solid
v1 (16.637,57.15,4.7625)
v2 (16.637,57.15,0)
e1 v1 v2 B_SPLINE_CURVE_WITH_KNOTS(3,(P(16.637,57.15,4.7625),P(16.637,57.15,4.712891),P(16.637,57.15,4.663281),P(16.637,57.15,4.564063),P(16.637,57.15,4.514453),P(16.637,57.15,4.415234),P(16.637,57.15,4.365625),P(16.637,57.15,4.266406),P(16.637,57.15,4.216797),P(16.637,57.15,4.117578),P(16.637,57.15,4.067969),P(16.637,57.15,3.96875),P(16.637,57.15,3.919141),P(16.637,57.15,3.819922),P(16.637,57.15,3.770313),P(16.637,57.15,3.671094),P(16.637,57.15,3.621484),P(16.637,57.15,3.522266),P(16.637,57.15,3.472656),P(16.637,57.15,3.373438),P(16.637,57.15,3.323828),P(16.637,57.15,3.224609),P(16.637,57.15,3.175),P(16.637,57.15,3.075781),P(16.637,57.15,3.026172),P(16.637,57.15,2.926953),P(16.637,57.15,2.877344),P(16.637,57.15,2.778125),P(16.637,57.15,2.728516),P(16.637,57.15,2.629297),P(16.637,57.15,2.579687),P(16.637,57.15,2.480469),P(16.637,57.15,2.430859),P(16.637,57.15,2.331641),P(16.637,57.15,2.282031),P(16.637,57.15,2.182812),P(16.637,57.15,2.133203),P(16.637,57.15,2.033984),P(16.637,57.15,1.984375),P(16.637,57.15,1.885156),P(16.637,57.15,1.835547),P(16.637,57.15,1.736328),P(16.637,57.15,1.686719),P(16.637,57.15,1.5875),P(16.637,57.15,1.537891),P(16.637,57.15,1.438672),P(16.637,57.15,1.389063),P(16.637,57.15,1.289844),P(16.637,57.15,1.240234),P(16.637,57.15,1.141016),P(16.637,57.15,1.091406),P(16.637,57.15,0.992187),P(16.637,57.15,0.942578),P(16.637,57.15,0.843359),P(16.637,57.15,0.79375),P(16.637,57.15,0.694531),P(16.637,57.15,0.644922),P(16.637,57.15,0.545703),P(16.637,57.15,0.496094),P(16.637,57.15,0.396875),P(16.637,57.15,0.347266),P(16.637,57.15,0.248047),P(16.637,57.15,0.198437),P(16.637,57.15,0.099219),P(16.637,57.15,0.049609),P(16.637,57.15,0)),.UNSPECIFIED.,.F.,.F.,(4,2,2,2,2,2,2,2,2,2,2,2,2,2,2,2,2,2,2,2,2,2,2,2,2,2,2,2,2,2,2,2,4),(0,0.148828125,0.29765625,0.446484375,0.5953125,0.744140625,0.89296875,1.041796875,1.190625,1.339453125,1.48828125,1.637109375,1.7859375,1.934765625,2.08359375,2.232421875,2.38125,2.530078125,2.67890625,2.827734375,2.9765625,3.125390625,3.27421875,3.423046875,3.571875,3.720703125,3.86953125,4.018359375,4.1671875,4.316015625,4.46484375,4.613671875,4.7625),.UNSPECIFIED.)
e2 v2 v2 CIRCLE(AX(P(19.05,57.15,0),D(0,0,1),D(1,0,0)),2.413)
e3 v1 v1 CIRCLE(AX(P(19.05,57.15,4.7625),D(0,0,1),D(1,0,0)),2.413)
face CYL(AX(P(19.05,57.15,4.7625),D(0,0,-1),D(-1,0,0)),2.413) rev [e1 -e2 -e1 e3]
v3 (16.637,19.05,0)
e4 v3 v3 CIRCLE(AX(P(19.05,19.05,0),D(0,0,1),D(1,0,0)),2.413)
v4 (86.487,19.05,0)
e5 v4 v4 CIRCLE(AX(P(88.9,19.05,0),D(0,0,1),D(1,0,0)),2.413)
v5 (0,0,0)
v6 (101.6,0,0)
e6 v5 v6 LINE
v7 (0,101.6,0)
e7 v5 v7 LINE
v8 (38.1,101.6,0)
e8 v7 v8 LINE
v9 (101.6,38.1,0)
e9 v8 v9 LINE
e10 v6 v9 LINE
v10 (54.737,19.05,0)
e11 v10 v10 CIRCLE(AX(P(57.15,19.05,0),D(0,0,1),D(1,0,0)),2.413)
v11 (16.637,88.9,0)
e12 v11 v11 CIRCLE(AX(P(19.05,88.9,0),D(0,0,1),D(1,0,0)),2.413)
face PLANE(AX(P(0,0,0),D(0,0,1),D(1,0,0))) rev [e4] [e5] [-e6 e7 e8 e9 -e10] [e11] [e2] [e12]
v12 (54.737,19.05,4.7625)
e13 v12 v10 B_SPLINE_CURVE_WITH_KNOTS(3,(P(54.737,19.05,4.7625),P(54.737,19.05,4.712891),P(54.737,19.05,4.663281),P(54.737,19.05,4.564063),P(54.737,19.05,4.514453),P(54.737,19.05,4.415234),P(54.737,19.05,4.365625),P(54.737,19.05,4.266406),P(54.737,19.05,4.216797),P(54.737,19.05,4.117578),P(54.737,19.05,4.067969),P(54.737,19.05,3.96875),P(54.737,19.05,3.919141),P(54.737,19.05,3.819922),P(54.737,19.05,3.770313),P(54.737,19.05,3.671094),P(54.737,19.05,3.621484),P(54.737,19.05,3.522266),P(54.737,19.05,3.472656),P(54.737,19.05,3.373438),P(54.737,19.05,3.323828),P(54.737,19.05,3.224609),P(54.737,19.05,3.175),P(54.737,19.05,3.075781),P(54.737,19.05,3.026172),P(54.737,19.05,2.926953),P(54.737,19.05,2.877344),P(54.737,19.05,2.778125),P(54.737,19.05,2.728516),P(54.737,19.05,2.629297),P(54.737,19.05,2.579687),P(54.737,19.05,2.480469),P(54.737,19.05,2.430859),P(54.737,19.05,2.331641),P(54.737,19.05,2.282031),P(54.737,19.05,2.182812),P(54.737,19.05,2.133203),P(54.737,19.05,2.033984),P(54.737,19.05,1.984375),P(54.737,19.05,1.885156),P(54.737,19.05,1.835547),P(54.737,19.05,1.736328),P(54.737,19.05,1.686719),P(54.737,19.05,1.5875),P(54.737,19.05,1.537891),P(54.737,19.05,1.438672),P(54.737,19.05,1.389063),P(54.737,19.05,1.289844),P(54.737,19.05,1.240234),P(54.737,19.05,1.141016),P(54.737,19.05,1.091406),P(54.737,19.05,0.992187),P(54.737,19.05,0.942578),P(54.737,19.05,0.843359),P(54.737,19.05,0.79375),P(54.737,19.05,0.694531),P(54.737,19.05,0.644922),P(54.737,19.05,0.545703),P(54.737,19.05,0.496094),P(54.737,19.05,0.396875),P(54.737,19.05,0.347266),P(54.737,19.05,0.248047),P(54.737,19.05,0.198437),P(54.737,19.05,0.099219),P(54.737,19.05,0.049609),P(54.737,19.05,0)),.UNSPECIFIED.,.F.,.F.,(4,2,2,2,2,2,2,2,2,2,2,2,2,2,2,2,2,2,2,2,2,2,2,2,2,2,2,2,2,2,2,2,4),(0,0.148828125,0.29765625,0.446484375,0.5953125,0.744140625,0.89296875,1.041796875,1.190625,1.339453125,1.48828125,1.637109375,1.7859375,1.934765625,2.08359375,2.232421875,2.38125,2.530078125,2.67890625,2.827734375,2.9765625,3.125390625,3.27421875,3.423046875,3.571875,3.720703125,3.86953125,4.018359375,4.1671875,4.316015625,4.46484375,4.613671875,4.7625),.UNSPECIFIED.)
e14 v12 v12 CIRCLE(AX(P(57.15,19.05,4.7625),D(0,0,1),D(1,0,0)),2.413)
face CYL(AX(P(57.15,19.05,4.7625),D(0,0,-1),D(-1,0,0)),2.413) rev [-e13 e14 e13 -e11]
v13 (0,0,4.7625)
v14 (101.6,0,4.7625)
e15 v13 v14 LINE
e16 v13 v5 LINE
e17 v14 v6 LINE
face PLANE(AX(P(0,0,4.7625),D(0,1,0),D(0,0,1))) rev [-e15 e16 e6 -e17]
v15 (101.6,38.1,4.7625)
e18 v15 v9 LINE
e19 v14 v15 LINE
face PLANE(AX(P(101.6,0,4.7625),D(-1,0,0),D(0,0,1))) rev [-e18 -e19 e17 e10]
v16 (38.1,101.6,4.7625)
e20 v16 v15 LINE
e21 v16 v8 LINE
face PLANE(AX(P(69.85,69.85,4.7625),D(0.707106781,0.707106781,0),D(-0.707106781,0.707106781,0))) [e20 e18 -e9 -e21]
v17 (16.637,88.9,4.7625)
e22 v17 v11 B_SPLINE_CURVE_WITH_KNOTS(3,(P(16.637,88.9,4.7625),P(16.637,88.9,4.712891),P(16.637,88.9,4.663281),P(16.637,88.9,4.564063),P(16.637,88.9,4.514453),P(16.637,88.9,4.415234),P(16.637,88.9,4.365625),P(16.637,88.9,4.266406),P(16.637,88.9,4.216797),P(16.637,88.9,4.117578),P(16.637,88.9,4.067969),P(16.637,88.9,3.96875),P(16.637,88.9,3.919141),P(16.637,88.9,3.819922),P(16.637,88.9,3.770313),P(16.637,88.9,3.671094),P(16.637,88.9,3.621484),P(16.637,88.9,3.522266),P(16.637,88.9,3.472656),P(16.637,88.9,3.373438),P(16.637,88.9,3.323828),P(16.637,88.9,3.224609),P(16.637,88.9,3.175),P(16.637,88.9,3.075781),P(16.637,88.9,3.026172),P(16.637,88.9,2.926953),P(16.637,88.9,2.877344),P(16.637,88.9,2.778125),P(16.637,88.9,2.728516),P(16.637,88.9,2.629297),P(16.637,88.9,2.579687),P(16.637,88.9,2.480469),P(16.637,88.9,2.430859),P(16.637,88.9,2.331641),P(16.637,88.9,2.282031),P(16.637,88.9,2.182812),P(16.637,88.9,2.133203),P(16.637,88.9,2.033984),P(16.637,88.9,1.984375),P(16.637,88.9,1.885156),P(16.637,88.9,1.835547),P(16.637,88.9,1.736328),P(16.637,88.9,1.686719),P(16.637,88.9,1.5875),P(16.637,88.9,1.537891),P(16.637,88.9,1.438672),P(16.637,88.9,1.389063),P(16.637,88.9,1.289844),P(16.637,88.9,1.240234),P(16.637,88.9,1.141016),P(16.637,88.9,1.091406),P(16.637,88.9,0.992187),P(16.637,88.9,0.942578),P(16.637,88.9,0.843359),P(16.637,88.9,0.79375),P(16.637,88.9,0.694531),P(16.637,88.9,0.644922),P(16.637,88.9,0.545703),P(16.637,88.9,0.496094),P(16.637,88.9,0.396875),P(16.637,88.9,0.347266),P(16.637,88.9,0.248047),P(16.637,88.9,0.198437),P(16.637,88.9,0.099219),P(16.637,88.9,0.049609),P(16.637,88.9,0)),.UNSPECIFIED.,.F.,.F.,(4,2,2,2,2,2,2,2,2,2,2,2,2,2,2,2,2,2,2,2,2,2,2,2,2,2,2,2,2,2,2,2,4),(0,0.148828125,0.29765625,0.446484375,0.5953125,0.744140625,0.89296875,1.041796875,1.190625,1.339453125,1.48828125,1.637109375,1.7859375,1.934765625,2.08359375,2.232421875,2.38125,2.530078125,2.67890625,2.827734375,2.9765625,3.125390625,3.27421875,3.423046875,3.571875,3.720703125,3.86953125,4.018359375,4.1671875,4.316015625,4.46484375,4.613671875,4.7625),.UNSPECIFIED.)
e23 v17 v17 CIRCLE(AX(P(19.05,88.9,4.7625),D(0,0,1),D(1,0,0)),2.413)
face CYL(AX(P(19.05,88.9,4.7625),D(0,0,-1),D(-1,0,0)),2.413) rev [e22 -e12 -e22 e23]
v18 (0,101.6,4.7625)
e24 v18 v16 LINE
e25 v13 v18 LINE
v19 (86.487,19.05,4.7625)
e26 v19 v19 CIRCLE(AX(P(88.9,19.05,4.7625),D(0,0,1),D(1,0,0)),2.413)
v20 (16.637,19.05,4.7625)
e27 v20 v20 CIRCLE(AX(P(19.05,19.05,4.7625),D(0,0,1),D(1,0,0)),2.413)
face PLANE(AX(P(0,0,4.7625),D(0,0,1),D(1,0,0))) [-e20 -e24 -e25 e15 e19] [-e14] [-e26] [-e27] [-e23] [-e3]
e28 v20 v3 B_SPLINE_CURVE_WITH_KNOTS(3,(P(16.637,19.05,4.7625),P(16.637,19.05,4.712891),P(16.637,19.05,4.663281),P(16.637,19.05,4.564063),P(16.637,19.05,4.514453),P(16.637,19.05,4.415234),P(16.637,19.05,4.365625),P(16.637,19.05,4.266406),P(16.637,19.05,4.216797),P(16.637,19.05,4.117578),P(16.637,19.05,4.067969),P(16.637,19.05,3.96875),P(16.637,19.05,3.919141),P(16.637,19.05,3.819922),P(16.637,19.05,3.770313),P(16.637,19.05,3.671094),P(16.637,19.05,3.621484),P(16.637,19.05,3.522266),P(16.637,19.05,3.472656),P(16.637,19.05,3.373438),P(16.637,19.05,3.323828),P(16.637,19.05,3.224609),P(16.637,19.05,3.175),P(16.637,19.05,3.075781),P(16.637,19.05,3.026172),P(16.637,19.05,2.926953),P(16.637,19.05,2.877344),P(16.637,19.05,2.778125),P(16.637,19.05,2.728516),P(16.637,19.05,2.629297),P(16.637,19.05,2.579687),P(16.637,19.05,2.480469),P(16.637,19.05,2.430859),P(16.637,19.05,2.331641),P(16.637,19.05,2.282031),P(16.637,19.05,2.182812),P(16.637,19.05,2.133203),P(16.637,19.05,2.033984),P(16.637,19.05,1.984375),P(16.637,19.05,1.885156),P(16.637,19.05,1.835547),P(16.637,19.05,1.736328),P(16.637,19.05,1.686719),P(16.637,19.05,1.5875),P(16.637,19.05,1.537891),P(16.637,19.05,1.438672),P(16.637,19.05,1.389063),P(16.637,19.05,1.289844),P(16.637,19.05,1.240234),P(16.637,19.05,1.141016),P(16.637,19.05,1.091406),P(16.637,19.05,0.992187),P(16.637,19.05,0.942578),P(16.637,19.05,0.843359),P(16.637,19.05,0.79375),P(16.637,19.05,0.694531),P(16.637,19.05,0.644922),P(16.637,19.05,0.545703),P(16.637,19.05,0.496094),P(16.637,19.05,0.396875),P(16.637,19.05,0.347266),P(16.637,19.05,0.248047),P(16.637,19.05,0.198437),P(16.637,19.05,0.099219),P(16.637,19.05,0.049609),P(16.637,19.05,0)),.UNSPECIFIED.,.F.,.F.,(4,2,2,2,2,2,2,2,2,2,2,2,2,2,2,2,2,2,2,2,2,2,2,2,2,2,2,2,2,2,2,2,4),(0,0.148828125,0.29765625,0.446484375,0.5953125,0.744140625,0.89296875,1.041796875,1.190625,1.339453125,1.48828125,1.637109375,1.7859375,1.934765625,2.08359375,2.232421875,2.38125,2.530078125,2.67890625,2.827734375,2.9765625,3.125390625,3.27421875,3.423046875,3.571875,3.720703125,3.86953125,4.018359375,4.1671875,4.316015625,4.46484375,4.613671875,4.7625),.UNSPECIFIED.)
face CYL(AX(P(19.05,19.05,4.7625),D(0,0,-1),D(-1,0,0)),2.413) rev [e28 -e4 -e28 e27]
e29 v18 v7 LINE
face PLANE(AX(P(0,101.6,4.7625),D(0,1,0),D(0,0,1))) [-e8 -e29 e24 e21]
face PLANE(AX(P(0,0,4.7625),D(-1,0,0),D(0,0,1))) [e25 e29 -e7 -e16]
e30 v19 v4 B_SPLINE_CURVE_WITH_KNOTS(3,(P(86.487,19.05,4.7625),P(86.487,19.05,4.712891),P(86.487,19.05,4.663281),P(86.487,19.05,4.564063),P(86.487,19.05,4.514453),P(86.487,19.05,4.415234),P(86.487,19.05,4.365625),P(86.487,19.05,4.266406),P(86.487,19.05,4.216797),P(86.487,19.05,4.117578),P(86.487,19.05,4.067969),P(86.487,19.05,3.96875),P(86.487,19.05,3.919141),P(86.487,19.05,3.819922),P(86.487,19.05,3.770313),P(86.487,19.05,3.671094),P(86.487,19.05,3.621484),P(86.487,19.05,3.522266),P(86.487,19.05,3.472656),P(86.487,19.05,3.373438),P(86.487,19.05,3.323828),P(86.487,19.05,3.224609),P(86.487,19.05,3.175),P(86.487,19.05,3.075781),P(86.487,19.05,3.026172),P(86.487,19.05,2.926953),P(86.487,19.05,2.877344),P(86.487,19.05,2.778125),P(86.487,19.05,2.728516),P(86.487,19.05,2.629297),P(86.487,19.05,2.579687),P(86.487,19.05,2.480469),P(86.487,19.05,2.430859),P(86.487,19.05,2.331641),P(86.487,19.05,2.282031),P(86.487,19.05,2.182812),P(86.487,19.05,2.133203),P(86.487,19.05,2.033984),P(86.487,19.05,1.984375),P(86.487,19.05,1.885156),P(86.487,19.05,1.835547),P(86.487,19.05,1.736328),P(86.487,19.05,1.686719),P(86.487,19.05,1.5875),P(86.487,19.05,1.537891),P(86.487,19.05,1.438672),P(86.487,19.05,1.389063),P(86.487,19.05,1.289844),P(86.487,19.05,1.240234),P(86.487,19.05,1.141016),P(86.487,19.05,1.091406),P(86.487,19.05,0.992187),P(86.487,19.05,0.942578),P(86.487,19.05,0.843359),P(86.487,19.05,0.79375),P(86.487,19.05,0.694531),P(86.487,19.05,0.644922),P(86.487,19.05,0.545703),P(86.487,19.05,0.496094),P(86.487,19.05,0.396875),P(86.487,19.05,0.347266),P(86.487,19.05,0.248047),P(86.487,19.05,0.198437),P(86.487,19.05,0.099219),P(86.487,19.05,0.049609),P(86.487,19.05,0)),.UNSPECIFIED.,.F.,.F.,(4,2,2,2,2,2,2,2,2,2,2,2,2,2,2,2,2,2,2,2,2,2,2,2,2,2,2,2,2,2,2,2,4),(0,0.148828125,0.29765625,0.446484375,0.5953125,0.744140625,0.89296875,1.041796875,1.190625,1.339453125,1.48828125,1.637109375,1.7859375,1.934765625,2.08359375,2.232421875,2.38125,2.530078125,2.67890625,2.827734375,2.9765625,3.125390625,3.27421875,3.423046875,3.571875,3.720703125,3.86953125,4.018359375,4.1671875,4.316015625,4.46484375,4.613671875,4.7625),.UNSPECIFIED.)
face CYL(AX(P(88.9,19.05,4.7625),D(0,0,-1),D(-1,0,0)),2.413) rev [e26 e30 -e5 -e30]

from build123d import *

# Parameters (mm, degrees)
SKETCH1_R           = 2.413
BOSS_EXTRUDE1_DEPTH = 4.7625


with BuildPart() as part:
    # Sketch1 → Boss-Extrude1 (new body)
    with BuildSketch(Plane.XY):
        Polygon((101.6, 38.1), (38.1, 101.6), (0, 101.6), (0, 0), (101.6, 0), align=None)
        with Locations(Location((19.05, 19.05, 0), (0, 0, 180))):
            Circle(SKETCH1_R, mode=Mode.SUBTRACT)
        with Locations(Location((57.15, 19.05, 0), (0, 0, 180))):
            Circle(SKETCH1_R, mode=Mode.SUBTRACT)
        with Locations(Location((88.9, 19.05, 0), (0, 0, 180))):
            Circle(SKETCH1_R, mode=Mode.SUBTRACT)
        with Locations(Location((19.05, 57.15, 0), (0, 0, 180))):
            Circle(SKETCH1_R, mode=Mode.SUBTRACT)
        with Locations(Location((19.05, 88.9, 0), (0, 0, 180))):
            Circle(SKETCH1_R, mode=Mode.SUBTRACT)
    extrude(amount=BOSS_EXTRUDE1_DEPTH)


solid = part.part
